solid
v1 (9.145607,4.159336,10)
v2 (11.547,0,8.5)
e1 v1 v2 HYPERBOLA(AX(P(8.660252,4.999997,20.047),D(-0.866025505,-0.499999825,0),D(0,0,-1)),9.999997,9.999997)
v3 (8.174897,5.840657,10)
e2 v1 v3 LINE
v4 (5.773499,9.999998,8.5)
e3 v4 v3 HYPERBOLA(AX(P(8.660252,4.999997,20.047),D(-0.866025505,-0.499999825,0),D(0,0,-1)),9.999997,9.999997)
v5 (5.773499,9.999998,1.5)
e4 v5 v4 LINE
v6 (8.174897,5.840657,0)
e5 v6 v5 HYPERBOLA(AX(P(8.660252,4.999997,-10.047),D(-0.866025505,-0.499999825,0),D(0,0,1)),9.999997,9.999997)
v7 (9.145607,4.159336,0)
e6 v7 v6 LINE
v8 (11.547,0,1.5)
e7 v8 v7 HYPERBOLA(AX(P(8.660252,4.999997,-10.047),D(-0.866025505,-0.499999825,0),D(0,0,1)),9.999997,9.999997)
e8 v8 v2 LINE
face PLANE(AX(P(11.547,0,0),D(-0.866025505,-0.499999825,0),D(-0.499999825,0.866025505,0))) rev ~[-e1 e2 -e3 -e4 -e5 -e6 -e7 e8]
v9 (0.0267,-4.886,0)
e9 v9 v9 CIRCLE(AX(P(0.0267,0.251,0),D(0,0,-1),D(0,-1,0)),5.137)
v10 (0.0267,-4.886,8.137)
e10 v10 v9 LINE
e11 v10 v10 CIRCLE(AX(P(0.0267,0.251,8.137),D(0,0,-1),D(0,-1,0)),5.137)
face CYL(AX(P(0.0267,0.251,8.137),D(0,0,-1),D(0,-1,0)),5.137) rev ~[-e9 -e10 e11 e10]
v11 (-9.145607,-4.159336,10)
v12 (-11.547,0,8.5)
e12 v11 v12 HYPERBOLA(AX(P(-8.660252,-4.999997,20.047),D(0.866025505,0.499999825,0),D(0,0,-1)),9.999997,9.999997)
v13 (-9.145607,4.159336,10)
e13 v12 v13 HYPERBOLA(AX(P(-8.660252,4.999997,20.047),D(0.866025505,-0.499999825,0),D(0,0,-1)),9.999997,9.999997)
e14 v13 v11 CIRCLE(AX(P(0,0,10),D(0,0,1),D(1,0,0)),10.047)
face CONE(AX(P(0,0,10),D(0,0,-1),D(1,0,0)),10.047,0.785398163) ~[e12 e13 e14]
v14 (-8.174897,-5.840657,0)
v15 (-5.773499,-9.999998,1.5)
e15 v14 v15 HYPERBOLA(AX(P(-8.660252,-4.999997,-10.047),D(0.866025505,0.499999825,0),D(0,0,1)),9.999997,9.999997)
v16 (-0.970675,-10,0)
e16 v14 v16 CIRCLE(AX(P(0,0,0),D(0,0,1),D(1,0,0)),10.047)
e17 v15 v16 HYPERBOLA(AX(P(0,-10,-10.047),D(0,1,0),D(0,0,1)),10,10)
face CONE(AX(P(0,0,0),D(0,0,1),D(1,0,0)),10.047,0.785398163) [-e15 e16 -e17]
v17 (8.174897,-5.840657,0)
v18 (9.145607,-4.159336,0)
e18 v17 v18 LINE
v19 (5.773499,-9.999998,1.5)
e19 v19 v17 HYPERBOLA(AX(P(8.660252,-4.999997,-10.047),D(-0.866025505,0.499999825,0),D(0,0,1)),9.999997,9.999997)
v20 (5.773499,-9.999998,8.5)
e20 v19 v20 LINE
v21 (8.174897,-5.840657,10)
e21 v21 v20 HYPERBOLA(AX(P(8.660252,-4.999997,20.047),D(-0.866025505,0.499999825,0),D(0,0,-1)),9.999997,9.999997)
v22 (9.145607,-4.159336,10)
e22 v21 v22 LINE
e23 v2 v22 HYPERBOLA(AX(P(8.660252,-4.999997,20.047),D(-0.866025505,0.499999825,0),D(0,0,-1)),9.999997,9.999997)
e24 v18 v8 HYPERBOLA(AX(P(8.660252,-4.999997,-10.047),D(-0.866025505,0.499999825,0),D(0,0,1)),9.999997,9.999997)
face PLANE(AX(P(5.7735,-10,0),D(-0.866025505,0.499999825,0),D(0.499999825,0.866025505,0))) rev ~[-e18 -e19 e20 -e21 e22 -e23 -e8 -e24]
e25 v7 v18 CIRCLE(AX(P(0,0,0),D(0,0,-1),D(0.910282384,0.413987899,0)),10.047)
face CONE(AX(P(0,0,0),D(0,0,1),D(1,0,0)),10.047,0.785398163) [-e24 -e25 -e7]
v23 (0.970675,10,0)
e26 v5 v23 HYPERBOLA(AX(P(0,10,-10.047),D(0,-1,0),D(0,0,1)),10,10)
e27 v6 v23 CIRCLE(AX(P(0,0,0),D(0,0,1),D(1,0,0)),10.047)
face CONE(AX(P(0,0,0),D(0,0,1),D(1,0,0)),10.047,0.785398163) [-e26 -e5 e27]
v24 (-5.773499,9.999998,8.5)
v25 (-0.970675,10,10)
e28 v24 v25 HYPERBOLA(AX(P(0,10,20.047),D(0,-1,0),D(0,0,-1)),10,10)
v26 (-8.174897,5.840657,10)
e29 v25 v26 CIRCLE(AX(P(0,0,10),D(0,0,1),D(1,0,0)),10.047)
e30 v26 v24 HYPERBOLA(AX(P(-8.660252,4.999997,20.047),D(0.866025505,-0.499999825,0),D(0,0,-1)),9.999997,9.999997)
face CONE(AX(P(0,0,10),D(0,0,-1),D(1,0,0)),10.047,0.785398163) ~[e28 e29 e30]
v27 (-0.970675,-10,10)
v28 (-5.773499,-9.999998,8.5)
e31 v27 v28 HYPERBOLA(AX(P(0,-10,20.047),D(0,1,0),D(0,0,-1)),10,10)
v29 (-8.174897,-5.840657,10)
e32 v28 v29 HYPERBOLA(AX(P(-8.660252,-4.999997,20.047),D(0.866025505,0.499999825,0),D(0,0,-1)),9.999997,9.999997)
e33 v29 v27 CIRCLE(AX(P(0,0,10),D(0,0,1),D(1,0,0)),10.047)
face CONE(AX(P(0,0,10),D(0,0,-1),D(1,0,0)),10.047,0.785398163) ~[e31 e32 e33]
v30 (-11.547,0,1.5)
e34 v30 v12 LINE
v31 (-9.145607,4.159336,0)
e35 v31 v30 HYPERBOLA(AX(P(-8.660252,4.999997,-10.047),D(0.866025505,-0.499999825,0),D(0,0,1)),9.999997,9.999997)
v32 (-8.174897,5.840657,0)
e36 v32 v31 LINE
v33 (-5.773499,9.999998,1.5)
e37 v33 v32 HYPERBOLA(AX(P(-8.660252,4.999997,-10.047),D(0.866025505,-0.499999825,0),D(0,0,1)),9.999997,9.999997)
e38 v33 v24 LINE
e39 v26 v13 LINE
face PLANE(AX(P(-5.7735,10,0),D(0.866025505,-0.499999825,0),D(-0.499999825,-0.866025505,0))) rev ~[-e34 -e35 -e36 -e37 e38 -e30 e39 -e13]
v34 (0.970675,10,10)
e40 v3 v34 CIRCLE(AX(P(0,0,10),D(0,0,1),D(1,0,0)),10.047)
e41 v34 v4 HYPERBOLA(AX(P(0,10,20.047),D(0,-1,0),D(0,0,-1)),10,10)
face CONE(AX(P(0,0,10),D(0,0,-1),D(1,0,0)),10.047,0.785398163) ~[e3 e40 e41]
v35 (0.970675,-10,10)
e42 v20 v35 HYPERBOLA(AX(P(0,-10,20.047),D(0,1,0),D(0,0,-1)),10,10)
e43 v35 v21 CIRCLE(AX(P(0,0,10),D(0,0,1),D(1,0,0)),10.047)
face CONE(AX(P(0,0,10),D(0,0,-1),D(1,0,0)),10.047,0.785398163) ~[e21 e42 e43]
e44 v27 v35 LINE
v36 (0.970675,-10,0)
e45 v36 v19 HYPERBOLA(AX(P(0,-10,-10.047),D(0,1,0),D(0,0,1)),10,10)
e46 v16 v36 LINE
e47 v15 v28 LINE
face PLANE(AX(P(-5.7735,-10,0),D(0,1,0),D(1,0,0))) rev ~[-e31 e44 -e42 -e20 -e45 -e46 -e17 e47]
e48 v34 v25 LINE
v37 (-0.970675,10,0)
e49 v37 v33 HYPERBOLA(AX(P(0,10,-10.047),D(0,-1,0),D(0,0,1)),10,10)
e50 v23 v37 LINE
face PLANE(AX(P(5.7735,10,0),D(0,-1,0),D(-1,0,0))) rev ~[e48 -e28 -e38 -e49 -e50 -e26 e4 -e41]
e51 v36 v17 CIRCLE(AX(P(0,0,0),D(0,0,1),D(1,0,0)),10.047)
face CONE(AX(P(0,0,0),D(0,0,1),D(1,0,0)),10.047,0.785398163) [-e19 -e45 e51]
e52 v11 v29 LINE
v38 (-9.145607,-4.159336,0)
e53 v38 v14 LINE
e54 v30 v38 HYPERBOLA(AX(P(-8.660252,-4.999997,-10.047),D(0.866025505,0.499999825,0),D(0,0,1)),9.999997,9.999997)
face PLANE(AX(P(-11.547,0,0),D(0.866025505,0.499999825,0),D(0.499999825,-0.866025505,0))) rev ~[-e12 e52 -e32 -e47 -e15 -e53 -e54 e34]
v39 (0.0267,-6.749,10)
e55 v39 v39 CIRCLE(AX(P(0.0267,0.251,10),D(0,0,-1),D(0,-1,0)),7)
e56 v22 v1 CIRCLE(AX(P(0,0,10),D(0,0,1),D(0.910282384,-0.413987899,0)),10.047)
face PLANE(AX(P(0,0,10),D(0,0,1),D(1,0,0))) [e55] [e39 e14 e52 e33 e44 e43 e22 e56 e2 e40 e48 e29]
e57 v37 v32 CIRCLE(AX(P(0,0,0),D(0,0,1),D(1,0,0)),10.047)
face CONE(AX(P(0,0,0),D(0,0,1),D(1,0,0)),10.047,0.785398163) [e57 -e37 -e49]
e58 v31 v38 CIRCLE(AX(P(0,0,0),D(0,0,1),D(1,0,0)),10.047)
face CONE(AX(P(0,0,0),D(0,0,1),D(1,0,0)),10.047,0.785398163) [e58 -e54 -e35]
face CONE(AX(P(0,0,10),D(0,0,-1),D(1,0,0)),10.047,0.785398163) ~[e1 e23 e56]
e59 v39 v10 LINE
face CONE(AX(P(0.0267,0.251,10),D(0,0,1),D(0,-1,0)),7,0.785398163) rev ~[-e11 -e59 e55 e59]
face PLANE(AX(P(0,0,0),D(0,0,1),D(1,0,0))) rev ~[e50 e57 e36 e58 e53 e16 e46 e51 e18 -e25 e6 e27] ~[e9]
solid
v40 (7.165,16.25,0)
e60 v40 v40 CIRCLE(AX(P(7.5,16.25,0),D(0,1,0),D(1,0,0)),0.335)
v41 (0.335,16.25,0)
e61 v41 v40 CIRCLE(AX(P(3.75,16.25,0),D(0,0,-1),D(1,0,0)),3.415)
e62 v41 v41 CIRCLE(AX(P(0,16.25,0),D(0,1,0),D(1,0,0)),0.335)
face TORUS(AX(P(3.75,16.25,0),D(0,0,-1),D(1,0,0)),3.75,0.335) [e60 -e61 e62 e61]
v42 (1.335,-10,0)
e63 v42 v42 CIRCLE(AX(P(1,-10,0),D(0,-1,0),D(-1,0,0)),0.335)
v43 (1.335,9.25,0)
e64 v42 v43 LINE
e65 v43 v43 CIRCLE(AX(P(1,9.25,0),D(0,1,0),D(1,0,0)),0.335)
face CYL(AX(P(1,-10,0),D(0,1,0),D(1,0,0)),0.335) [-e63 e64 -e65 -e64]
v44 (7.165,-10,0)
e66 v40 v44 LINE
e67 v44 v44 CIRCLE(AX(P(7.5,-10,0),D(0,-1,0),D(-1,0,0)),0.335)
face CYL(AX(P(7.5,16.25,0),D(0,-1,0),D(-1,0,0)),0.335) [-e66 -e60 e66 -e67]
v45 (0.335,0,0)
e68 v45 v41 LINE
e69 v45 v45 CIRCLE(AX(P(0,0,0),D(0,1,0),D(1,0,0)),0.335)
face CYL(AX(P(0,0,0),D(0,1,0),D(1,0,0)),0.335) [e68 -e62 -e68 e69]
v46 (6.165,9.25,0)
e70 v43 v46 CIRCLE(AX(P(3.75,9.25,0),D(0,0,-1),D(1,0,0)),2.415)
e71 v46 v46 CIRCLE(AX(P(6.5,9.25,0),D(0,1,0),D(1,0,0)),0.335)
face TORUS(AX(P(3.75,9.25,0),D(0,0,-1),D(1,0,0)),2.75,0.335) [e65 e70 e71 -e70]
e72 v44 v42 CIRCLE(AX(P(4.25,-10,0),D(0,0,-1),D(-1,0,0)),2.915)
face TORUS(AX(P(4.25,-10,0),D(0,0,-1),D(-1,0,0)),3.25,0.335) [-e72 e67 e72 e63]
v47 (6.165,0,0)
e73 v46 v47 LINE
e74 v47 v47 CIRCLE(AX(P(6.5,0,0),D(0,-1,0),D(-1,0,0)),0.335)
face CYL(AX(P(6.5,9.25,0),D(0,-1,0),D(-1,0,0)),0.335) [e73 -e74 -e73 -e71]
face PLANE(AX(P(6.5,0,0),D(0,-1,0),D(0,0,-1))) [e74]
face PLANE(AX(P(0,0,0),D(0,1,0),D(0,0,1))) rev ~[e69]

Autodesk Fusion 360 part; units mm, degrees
sketch "Hex Polygon" plane through (0, 0, 0) normal (0, 0, 1) x (1, 0, 0) in component "Hex Nut"
  line L0 (5.7735, 10) -> (-5.7735, 10)
  line L1 (-5.7735, 10) -> (-11.547, 0)
  line L2 (-11.547, 0) -> (-5.7735, -10)
  line L3 (-5.7735, -10) -> (5.7735, -10)
  line L4 (5.7735, -10) -> (11.547, 0)
  line L5 (11.547, 0) -> (5.7735, 10)
  dimension "d1" = 10
extrude "Extrude1" add sketch "Hex Polygon" along normal blind 10 in component "Hex Nut"
sketch "Chamfer Cutout" plane through (0, 0, 0) normal (0, 1, 0) x (1, 0, 0) in component "Hex Nut"
  line L0 (11.547, -10) -> (10.047, -10)
  line L1 (10.047, -10) -> (11.547, -8.5)
  line L2 (11.547, -8.5) -> (11.547, -10)
  point P0 (11.547, -10)
  dimension "d4" = 1.5
revolve "Revolve1" cut sketch "Chamfer Cutout" angle 360 about axis through (0, 0, 1.75) along (0, 0, 1) in component "Hex Nut"
hole "Hole1" at (0.0267, 0.251, 10) direction (0, 0, -1) diameter 10.274 end through all countersink diameter 14 countersink angle 90 in component "Hex Nut"
ref_plane "WorkPlane1" through (0, 0, 5) normal (0, 0, 1) x (1, 0, 0) in component "Hex Nut"
mirror "Mirror1" about plane through (0, 0, 5) normal (0, 0, 1) of "Revolve1" in component "Hex Nut"
component "Hex Nut" placed x (1, 0, 0) y (0, 1, 0) z (0, 0, 1) at (0, 0, 0)

Autodesk Fusion 360 part; units mm, degrees
sketch "Sweep Path" plane through (0, 0, 0) normal (0, 0, 1) x (1, 0, 0) in component "Paperclip"
  line L0 (0, 0) -> (0, 16.25)
  line L1 (0, 16.25) -> (7.5, 16.25) construction
  line L2 (7.5, 16.25) -> (7.5, -10)
  line L3 (7.5, -10) -> (1, -10) construction
  line L4 (1, -10) -> (1, 9.25)
  line L5 (1, 9.25) -> (6.5, 9.25) construction
  line L6 (6.5, 9.25) -> (6.5, 0)
  arc A0 (7.5, 16.25) -> (0, 16.25) centre (3.75, 16.25) ccw
  arc A1 (6.5, 9.25) -> (1, 9.25) centre (3.75, 9.25) ccw
  arc A2 (1, -10) -> (7.5, -10) centre (4.25, -10) ccw
  dimension "d1" = 16.25
  dimension "d2" = 7.5
  dimension "d3" = 26.25
  dimension "d4" = 6.5
  dimension "d5" = 19.25
  dimension "d6" = 5.5
  dimension "d7" = 9.25
sketch "Sketch2" plane through (0, 0, 0) normal (0, 1, 0) x (1, 0, 0) in component "Paperclip"
  circle A0 centre (0, 0) radius 0.335
  dimension "d8" = 0.67
sweep "Sweep1" add profiles "Sketch2" path "Sweep Path" along L0 A0 L2 A2 L4 A1 L6 section 1 in component "Paperclip"
component "Paperclip" placed x (1, 0, 0) y (0, 1, 0) z (0, 0, 1) at (0, 0, 0)
